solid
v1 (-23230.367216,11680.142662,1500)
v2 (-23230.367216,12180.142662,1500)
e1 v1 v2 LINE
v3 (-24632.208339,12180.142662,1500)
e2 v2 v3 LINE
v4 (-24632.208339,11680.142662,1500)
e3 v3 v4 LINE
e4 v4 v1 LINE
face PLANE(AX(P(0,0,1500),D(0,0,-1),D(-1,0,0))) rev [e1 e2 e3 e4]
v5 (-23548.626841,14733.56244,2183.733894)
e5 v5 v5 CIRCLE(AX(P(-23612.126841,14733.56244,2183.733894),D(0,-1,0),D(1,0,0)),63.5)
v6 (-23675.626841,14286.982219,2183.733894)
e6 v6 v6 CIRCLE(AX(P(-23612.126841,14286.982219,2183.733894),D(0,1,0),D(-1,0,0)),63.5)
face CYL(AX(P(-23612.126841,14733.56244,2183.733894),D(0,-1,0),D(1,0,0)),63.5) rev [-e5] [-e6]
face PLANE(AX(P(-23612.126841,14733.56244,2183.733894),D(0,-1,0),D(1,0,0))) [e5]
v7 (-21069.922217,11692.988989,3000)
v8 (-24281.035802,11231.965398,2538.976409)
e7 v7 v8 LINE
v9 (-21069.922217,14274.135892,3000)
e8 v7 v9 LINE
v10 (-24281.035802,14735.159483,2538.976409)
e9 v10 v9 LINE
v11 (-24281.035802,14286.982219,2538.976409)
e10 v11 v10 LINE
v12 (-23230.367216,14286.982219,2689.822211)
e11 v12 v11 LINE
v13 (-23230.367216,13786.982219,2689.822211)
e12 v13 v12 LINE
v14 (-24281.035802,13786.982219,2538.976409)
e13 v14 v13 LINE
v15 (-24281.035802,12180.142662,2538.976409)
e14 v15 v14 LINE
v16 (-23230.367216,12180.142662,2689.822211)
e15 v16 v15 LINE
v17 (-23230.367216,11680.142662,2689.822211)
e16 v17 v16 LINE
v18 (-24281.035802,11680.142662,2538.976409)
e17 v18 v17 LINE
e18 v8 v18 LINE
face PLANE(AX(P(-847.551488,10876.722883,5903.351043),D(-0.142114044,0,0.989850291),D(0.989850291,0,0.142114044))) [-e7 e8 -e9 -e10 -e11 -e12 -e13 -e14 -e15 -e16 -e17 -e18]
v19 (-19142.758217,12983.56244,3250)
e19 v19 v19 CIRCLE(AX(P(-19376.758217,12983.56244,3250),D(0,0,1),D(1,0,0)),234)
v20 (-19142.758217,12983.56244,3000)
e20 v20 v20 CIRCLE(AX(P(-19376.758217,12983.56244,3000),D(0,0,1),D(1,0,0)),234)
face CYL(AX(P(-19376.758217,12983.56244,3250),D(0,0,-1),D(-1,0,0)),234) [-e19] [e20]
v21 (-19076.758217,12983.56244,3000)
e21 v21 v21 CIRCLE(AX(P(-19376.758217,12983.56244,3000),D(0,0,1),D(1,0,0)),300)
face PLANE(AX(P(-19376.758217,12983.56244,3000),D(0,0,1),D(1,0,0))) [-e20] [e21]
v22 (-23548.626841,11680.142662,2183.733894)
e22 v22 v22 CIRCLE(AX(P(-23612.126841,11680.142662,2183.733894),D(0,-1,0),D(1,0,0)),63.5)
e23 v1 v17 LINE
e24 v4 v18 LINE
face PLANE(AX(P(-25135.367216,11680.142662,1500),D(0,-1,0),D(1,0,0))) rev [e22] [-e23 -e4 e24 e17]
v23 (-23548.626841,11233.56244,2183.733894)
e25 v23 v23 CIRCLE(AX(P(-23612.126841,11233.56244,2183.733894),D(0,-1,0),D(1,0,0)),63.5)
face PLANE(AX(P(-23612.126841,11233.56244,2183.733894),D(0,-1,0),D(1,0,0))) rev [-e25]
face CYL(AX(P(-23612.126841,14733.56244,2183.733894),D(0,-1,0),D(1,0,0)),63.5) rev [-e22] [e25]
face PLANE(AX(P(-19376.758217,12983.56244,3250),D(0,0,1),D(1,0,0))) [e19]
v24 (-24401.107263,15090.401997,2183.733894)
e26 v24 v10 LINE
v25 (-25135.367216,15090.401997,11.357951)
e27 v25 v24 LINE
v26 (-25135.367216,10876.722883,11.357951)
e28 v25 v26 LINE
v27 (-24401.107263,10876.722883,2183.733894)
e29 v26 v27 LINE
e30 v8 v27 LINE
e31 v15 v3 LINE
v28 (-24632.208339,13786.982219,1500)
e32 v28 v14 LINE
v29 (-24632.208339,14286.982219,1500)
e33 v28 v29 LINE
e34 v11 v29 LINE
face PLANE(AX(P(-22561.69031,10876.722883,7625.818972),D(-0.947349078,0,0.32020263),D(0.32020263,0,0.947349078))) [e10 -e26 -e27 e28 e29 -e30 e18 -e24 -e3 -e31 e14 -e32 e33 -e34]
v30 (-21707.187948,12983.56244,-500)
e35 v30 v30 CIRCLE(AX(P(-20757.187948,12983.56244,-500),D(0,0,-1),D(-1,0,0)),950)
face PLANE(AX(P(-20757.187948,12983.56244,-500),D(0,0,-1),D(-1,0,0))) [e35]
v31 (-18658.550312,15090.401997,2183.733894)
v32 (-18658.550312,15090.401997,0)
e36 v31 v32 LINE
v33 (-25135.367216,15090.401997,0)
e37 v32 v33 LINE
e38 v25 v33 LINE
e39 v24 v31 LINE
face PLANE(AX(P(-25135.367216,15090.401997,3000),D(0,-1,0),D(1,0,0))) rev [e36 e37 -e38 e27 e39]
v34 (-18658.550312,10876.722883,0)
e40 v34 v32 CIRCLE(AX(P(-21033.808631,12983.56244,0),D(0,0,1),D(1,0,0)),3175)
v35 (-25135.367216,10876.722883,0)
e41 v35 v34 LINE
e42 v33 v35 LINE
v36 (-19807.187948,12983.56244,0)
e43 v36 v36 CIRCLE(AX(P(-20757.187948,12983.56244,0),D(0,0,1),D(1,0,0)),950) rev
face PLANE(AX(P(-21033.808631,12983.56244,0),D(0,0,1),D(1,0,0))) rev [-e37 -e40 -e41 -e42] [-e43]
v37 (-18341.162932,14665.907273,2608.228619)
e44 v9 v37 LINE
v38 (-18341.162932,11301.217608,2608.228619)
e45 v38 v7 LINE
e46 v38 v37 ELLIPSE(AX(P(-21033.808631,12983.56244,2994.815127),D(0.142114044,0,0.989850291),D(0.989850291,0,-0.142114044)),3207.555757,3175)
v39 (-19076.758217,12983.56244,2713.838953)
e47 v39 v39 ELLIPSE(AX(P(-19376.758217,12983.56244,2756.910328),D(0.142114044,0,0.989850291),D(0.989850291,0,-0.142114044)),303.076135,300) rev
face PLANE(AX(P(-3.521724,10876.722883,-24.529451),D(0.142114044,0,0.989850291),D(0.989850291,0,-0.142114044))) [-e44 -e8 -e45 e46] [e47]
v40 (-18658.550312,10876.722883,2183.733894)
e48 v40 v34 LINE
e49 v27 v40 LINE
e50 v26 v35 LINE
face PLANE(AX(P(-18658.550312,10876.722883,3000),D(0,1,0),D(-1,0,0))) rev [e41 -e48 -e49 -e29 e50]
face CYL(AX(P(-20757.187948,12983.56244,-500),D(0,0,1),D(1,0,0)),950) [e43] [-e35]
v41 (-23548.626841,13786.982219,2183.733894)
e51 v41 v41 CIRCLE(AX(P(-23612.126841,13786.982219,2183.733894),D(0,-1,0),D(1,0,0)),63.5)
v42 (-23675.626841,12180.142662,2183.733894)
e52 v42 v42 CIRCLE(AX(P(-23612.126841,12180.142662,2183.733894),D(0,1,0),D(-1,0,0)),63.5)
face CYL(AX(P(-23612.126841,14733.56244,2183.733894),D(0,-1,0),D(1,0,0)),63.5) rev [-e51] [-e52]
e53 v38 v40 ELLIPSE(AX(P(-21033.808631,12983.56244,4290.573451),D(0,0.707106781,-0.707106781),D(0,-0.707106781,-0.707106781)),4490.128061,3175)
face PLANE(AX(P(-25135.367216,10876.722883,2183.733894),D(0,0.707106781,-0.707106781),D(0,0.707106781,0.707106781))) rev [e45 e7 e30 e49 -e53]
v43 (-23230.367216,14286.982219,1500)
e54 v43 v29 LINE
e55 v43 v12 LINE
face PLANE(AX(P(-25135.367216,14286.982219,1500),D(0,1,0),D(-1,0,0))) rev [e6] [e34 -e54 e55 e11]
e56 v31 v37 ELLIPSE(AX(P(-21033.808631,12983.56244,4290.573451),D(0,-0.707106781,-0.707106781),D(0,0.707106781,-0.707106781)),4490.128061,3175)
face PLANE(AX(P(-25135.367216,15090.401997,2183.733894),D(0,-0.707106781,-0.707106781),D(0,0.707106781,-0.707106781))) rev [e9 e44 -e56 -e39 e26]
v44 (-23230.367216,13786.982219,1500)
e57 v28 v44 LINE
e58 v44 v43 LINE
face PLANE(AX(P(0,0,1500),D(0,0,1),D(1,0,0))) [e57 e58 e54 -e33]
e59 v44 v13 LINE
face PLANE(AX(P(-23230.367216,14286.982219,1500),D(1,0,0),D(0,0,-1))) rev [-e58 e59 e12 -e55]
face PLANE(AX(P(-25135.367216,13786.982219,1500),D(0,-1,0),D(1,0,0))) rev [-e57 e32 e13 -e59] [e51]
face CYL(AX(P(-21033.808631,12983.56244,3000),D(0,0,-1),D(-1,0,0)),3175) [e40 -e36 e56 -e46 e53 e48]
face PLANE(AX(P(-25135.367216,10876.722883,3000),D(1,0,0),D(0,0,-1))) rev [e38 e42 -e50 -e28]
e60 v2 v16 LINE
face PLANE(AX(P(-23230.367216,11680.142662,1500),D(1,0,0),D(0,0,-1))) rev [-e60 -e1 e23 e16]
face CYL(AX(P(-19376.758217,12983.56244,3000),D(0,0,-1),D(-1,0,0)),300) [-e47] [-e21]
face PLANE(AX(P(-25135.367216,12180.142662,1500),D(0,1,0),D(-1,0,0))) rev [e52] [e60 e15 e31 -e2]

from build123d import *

# Parameters (mm, degrees)
BOSS_EXTRUDE1_DEPTH     = 3000
CUT_EXTRUDE1_DEPTH      = 25402.288510932
CUT_EXTRUDE1_DEPTH_BACK = 25402.288510932
CUT_EXTRUDE2_DEPTH      = 15914.769996038
CUT_EXTRUDE2_DEPTH_BACK = 15914.769996038
CUT_EXTRUDE3_START      = 3000
SKETCH4_W               = 1905
SKETCH4_H               = 500
CUT_EXTRUDE3_DEPTH      = 1500
SKETCH5_R               = 300
BOSS_EXTRUDE2_DEPTH     = 3000
SKETCH6_R               = 234
BOSS_EXTRUDE3_DEPTH     = 250
SKETCH7_R               = 63.5
CUT_EXTRUDE4_DEPTH      = 1750
SKETCH8_R               = 950
BOSS_EXTRUDE4_DEPTH     = 500


with BuildPart() as part:
    # Sketch1 → Boss-Extrude1 (new body)
    with BuildSketch(Plane.XY):
        with BuildLine():
            Line((-18658.550312437, 10876.722883323), (-25135.367216267, 10876.722883323))
            Line((-25135.367216267, 10876.722883323), (-25135.367216267, 15090.401997377))
            Line((-25135.367216267, 15090.401997377), (-18658.550312437, 15090.401997377))
            ThreePointArc((-18658.550312437, 15090.401997377), (-17858.808631219, 12983.56244035), (-18658.550312437, 10876.722883323))
        make_face()
    extrude(amount=BOSS_EXTRUDE1_DEPTH)

    # Sketch2 → Cut-Extrude1 (cut, two sides: drawn at the far end of the back side and taken through both)
    with BuildSketch(Plane(origin=(0, 12983.56244035, 0), x_dir=(1, 0, 0), z_dir=(0, 1, 0)).offset(-CUT_EXTRUDE1_DEPTH_BACK)):
        Polygon((-17858.808631219, -2538.97640876), (-21069.922216717, -3000), (-17858.808631219, -3000), align=None)
        Polygon((-24281.035802216, -2538.97640876), (-25139.206187576, 0), (-25135.367216266, -3000), (-21069.922216717, -3000), align=None)
    extrude(amount=CUT_EXTRUDE1_DEPTH + CUT_EXTRUDE1_DEPTH_BACK, mode=Mode.SUBTRACT)

    # Sketch3 → Cut-Extrude2 (cut, two sides: drawn at the far end of the back side and taken through both)
    with BuildSketch(Plane(origin=(-21069.922216718, 0, 0), x_dir=(0, 0, -1), z_dir=(1, 0, 0)).offset(-CUT_EXTRUDE2_DEPTH_BACK)):
        Polygon((-2183.733894313, 15090.401997377), (-3000, 14274.13589169), (-3000, 15090.401997377), align=None)
        Polygon((-3000, 11692.98898901), (-3000, 10876.722883323), (-2183.733894313, 10876.722883323), align=None)
    extrude(amount=CUT_EXTRUDE2_DEPTH + CUT_EXTRUDE2_DEPTH_BACK, mode=Mode.SUBTRACT)

    # Sketch4 → Cut-Extrude3 (cut)
    with BuildSketch(Plane.XY.offset(CUT_EXTRUDE3_START)):
        with Locations((-24182.867216267, 14036.982218863)):
            Rectangle(SKETCH4_W, SKETCH4_H)
        with Locations((-24182.867216267, 11930.142661836)):
            Rectangle(SKETCH4_W, SKETCH4_H)
    extrude(amount=-CUT_EXTRUDE3_DEPTH, mode=Mode.SUBTRACT)

    # Sketch5 → Boss-Extrude2 (add)
    with BuildSketch(Plane.XY):
        with Locations((-19376.758216718, 12983.56244035)):
            Circle(SKETCH5_R)
    extrude(amount=BOSS_EXTRUDE2_DEPTH)

    # Sketch6 → Boss-Extrude3 (add)
    with BuildSketch(Plane.XY.offset(3000)):
        with Locations((-19376.758216718, 12983.56244035)):
            Circle(SKETCH6_R)
    extrude(amount=BOSS_EXTRUDE3_DEPTH)

    # Sketch7 → Cut-Extrude4 (cut, symmetric)
    with BuildSketch(Plane(origin=(0, 12983.56244035, 0), x_dir=(-1, 0, 0), z_dir=(0, -1, 0))):
        with Locations(Location((23612.126841123, -2183.733894313, 0), (0, 0, 180))):
            Circle(SKETCH7_R)
    extrude(amount=CUT_EXTRUDE4_DEPTH, both=True, mode=Mode.SUBTRACT)

    # Sketch8 → Boss-Extrude4 (add)
    with BuildSketch(Plane(origin=(0, 0, 0), x_dir=(-1, 0, 0), z_dir=(0, 0, -1))):
        with Locations(Location((20757.187947729, 12983.56244035, 0), (0, 0, 180))):
            Circle(SKETCH8_R)
    extrude(amount=BOSS_EXTRUDE4_DEPTH)


solid = part.part
